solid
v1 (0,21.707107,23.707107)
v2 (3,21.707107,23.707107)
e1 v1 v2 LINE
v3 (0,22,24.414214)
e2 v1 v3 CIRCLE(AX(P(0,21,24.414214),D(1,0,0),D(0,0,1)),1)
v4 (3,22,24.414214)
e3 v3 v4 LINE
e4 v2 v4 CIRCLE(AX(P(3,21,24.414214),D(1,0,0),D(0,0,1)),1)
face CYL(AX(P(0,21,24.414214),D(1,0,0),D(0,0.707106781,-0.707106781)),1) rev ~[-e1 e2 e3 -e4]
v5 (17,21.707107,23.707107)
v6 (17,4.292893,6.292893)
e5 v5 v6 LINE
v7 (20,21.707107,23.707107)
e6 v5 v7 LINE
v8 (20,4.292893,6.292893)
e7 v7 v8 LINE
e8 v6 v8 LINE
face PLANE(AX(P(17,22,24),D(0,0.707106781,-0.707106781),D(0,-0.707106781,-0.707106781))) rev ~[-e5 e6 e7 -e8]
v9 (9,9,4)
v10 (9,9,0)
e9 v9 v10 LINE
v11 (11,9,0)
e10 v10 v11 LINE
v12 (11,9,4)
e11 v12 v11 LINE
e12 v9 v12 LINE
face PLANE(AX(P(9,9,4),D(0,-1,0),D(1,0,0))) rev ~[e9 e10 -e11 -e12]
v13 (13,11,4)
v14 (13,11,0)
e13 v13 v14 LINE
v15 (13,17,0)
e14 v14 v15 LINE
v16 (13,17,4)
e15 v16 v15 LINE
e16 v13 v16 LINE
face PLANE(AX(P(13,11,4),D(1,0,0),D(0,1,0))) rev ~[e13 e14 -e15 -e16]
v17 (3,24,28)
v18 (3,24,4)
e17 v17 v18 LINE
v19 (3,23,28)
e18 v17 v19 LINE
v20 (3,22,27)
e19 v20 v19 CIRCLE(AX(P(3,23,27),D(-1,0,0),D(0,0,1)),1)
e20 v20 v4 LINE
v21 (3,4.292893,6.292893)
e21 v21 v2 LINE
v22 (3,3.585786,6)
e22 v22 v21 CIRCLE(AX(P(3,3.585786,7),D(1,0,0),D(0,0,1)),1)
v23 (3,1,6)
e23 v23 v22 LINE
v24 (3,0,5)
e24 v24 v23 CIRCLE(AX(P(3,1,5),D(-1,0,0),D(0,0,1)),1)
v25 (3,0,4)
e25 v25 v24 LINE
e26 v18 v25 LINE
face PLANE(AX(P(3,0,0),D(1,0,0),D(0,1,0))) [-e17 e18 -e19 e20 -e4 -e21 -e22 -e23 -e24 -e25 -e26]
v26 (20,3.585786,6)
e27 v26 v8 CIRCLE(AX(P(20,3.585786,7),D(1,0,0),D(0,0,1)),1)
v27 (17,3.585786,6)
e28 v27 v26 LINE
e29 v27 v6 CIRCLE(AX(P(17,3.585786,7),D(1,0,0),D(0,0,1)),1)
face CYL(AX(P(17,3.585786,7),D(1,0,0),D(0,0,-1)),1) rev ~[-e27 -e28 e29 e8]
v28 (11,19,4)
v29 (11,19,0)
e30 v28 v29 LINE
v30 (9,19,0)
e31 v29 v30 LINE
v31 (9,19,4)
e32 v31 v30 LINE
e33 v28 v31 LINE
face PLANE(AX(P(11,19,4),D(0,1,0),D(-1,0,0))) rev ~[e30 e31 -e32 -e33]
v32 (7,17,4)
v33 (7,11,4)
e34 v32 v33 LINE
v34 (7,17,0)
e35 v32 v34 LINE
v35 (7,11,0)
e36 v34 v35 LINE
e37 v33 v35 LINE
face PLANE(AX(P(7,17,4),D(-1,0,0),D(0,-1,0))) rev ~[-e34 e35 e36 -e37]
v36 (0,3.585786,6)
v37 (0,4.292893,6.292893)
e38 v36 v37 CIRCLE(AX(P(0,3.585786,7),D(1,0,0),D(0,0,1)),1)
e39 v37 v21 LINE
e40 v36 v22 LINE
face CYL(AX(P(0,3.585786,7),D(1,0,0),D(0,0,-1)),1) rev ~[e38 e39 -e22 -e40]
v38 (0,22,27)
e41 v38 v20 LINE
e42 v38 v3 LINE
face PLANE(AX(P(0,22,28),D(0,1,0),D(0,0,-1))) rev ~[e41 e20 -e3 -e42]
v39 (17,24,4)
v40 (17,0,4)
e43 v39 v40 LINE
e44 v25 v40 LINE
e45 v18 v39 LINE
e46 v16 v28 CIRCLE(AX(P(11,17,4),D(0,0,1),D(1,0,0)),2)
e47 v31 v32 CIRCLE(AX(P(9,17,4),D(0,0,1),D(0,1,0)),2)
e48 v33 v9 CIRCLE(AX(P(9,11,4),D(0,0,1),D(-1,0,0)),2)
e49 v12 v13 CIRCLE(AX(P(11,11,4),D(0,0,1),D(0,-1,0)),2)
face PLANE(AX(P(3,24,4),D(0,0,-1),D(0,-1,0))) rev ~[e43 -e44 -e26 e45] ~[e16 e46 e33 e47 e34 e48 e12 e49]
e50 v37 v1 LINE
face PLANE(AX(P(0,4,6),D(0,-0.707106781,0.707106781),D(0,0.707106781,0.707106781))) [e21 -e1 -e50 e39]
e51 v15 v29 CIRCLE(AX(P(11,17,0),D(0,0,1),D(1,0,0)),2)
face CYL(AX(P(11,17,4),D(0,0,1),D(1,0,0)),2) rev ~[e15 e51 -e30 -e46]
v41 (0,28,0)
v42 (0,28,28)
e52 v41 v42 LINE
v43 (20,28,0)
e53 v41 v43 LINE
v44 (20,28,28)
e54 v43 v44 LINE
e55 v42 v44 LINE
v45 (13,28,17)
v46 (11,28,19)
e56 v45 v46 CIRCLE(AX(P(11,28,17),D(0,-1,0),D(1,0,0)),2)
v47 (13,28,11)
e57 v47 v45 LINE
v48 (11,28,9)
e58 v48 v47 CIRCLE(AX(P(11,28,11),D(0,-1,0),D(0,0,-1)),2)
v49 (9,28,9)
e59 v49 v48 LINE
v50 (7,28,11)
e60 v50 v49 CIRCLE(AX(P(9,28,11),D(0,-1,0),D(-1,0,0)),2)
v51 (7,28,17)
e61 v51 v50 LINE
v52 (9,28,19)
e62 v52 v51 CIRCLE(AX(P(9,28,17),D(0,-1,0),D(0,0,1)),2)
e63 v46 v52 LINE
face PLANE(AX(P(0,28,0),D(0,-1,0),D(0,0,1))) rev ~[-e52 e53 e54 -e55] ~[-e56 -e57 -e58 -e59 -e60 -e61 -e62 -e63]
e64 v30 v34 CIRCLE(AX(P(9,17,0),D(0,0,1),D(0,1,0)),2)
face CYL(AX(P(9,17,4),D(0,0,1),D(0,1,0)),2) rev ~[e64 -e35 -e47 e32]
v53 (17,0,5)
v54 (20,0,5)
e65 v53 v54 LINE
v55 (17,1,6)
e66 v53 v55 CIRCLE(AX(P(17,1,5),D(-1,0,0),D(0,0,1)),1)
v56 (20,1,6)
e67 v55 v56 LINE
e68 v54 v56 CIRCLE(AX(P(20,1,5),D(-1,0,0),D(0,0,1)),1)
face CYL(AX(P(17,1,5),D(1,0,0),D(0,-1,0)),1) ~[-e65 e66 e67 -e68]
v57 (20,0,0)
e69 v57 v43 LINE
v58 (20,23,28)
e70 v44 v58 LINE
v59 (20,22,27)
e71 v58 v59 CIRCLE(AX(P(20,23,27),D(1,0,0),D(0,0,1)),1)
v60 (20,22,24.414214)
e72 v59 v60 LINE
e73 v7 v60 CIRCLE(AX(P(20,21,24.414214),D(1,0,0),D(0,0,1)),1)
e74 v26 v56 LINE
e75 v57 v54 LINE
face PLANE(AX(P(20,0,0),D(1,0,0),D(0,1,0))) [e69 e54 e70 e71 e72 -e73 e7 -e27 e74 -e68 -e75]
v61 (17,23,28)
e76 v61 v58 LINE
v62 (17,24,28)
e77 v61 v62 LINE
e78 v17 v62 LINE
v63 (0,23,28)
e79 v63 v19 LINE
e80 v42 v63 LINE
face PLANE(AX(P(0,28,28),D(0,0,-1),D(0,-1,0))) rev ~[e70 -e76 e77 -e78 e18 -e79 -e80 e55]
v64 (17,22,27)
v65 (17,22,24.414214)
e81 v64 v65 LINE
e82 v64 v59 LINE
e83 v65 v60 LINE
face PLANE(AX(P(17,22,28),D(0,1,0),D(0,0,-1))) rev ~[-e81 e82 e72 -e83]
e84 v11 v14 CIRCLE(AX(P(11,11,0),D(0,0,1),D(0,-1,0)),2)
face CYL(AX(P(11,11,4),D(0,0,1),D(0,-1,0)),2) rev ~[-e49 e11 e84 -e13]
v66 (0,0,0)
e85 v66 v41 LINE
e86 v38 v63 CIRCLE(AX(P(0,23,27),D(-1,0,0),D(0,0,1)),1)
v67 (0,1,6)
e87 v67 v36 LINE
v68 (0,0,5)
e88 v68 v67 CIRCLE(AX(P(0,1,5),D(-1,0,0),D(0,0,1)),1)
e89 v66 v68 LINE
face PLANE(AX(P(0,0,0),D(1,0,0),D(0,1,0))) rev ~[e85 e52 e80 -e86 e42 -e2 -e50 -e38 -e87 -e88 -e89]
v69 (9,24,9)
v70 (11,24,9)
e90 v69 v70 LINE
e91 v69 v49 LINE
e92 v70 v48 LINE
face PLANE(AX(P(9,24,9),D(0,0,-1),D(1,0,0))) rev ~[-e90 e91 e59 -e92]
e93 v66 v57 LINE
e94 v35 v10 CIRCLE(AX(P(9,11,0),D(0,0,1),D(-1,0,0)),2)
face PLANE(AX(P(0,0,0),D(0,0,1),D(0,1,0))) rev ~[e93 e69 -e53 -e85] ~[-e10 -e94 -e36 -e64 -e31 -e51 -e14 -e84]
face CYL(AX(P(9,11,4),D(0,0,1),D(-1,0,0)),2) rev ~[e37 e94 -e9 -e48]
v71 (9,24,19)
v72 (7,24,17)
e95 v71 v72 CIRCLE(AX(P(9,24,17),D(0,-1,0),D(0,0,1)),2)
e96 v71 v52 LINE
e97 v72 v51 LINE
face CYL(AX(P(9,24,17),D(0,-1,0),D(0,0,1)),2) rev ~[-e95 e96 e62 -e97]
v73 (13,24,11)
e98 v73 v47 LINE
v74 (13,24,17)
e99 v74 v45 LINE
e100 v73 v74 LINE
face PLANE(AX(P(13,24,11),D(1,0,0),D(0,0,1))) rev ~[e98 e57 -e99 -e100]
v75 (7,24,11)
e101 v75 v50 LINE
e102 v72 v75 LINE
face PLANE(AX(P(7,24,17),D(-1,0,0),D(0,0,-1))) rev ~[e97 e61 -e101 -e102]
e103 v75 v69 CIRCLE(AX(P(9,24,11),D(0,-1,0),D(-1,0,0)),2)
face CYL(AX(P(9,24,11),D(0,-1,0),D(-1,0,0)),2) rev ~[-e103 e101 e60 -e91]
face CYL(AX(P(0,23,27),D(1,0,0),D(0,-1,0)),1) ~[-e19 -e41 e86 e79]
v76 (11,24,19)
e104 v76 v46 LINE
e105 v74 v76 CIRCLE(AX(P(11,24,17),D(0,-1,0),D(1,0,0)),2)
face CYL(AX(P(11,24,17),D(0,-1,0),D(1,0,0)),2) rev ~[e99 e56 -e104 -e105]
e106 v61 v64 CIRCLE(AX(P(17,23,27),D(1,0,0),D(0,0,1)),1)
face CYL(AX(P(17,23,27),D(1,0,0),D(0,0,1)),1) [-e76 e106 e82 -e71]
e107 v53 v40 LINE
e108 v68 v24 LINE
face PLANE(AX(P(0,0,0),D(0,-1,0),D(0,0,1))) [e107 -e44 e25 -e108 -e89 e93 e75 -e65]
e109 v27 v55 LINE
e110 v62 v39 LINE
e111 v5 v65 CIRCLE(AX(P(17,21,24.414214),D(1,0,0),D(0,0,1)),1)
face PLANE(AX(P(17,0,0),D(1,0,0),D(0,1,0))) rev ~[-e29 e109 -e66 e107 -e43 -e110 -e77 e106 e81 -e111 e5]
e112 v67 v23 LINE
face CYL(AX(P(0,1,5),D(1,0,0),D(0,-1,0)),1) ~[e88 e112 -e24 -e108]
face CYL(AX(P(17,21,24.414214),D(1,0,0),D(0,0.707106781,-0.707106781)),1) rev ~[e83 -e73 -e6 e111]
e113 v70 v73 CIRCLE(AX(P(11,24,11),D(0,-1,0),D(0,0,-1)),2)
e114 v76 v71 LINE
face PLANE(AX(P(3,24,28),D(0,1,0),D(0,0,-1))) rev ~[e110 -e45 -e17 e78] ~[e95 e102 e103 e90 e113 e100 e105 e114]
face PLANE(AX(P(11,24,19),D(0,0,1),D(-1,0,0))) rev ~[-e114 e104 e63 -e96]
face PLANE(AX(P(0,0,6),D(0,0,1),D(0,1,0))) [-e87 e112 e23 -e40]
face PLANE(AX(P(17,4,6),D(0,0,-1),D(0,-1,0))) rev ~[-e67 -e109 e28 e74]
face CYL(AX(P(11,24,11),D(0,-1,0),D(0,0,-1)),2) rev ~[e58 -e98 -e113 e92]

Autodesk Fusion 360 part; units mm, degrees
sketch "Sketch1" plane through (0, 0, 0) normal (1, 0, 0) x (0, 1, 0)
  line L0 (0, 0) -> (28, 0)
  line L1 (28, 0) -> (28, 28)
  line L2 (28, 28) -> (22, 28)
  line L3 (22, 28) -> (22, 24)
  line L4 (0, 0) -> (0, 6)
  line L5 (0, 6) -> (4, 6)
  line L6 (4, 6) -> (22, 24)
  dimension "d1" = 28
  dimension "d2" = 28
extrude "Extrude1" add sketch "Sketch1" along normal blind 3
sketch "Sketch2" plane through (3, 0, 0) normal (1, 0, 0) x (0, 1, 0)
  line L0 (0, 0) -> (28, 0)
  line L1 (28, 0) -> (28, 28)
  line L2 (28, 28) -> (22, 28)
  line L3 (22, 28) -> (22, 24)
  line L4 (22, 24) -> (4, 6)
  line L5 (4, 6) -> (0, 6)
  line L6 (0, 6) -> (0, 0)
  line L7 (0, 0) -> (28, 0)
  line L8 (28, 0) -> (28, 4)
  line L9 (24, 4) -> (0, 4)
  line L10 (0, 4) -> (0, 0)
  line L11 (28, 28) -> (24, 28)
  line L12 (24, 28) -> (24, 4)
  line L13 (24, 0) -> (28, 0)
  line L14 (28, 0) -> (28, 28)
  dimension "d5" = 4
  dimension "d6" = 28
extrude "Extrude2" add sketch "Sketch2" along normal blind 14 contours L0 L1 L2 L6 L7 L8 L9 L10 L11 L12 L13 L14
sketch "Sketch3" plane through (17, 0, 0) normal (1, 0, 0) x (0, 1, 0)
  line L0 (28, 0) -> (28, 28)
  line L1 (28, 28) -> (24, 28)
  line L2 (24, 28) -> (24, 4)
  line L3 (24, 4) -> (0, 4)
  line L4 (0, 4) -> (0, 0)
  line L5 (0, 0) -> (28, 0)
  line L6 (0, 0) -> (28, 0)
  line L7 (28, 28) -> (28, 0)
  line L8 (28, 28) -> (22, 28)
  line L9 (22, 28) -> (22, 24)
  line L10 (22, 24) -> (4, 6)
  line L11 (4, 6) -> (0, 6)
  line L12 (0, 6) -> (0, 0)
sketch "Sketch4" plane through (17, 0, 0) normal (1, 0, 0) x (0, 1, 0)
extrude "Extrude3" add sketch "Sketch3" along normal blind 3
sketch "Sketch5" plane through (0, 24, 0) normal (0, -1, 0) x (1, 0, 0)
  line L0 (3, 28) -> (3, 4)
  line L1 (3, 4) -> (17, 4)
  line L2 (17, 4) -> (17, 28)
  line L3 (17, 28) -> (3, 28)
fillet "Fillet1" radius 1 1 edges at (1.5, 22, 28)
fillet "Fillet2" radius 1 1 edges at (18.5, 22, 28)
fillet "Fillet3" radius 1 1 edges at (1.5, 0, 6)
fillet "Fillet4" radius 1 1 edges at (18.5, 0, 6)
fillet "Fillet5" radius 1 1 edges at (1.5, 4, 6)
fillet "Fillet6" radius 1 1 edges at (18.5, 4, 6)
fillet "Fillet7" radius 1 1 edges at (1.5, 22, 24)
fillet "Fillet8" radius 1 1 edges at (18.5, 22, 24)
sketch "Sketch6" plane through (0, 24, 0) normal (0, -1, 0) x (1, 0, 0)
  line L0 (11, 19) -> (9, 19)
  line L1 (7, 17) -> (7, 11)
  line L2 (9, 9) -> (11, 9)
  line L3 (13, 11) -> (13, 17)
  line L4 (13, 19) -> (7, 9) construction
  line L5 (7, 19) -> (13, 9) construction
  arc A0 (9, 19) -> (7, 17) centre (9, 17) ccw
  arc A1 (13, 17) -> (11, 19) centre (11, 17) ccw
  arc A2 (11, 9) -> (13, 11) centre (11, 11) ccw
  arc A3 (7, 11) -> (9, 9) centre (9, 11) ccw
  point P0 (10, 14)
  dimension "d27" = 6
  dimension "d28" = 10
  dimension "d29" = 2
extrude "Extrude4" cut sketch "Sketch6" against normal blind 7
sketch "Sketch7" plane through (0, 0, 4) normal (0, 0, 1) x (-1, 0, 0)
  line L0 (-3, -24) -> (-3, 0)
  line L1 (-3, 0) -> (-17, 0)
  line L2 (-17, 0) -> (-17, -24)
  line L3 (-17, -24) -> (-3, -24)
  line L4 (-9, -9) -> (-11, -9)
  line L5 (-13, -11) -> (-13, -17)
  line L6 (-11, -19) -> (-9, -19)
  line L7 (-7, -17) -> (-7, -11)
  line L8 (-7, -9) -> (-13, -19) construction
  line L9 (-13, -9) -> (-7, -19) construction
  arc A0 (-9, -19) -> (-7, -17) centre (-9, -17) ccw
  arc A1 (-7, -11) -> (-9, -9) centre (-9, -11) ccw
  arc A2 (-13, -17) -> (-11, -19) centre (-11, -17) ccw
  arc A3 (-11, -9) -> (-13, -11) centre (-11, -11) ccw
  point P0 (-10, -14)
  dimension "d32" = 6
  dimension "d33" = 10
  dimension "d34" = 2
extrude "Extrude5" cut sketch "Sketch7" against normal blind 4 contours L4 L5 L6 L7 A0 A1 A2 A3
